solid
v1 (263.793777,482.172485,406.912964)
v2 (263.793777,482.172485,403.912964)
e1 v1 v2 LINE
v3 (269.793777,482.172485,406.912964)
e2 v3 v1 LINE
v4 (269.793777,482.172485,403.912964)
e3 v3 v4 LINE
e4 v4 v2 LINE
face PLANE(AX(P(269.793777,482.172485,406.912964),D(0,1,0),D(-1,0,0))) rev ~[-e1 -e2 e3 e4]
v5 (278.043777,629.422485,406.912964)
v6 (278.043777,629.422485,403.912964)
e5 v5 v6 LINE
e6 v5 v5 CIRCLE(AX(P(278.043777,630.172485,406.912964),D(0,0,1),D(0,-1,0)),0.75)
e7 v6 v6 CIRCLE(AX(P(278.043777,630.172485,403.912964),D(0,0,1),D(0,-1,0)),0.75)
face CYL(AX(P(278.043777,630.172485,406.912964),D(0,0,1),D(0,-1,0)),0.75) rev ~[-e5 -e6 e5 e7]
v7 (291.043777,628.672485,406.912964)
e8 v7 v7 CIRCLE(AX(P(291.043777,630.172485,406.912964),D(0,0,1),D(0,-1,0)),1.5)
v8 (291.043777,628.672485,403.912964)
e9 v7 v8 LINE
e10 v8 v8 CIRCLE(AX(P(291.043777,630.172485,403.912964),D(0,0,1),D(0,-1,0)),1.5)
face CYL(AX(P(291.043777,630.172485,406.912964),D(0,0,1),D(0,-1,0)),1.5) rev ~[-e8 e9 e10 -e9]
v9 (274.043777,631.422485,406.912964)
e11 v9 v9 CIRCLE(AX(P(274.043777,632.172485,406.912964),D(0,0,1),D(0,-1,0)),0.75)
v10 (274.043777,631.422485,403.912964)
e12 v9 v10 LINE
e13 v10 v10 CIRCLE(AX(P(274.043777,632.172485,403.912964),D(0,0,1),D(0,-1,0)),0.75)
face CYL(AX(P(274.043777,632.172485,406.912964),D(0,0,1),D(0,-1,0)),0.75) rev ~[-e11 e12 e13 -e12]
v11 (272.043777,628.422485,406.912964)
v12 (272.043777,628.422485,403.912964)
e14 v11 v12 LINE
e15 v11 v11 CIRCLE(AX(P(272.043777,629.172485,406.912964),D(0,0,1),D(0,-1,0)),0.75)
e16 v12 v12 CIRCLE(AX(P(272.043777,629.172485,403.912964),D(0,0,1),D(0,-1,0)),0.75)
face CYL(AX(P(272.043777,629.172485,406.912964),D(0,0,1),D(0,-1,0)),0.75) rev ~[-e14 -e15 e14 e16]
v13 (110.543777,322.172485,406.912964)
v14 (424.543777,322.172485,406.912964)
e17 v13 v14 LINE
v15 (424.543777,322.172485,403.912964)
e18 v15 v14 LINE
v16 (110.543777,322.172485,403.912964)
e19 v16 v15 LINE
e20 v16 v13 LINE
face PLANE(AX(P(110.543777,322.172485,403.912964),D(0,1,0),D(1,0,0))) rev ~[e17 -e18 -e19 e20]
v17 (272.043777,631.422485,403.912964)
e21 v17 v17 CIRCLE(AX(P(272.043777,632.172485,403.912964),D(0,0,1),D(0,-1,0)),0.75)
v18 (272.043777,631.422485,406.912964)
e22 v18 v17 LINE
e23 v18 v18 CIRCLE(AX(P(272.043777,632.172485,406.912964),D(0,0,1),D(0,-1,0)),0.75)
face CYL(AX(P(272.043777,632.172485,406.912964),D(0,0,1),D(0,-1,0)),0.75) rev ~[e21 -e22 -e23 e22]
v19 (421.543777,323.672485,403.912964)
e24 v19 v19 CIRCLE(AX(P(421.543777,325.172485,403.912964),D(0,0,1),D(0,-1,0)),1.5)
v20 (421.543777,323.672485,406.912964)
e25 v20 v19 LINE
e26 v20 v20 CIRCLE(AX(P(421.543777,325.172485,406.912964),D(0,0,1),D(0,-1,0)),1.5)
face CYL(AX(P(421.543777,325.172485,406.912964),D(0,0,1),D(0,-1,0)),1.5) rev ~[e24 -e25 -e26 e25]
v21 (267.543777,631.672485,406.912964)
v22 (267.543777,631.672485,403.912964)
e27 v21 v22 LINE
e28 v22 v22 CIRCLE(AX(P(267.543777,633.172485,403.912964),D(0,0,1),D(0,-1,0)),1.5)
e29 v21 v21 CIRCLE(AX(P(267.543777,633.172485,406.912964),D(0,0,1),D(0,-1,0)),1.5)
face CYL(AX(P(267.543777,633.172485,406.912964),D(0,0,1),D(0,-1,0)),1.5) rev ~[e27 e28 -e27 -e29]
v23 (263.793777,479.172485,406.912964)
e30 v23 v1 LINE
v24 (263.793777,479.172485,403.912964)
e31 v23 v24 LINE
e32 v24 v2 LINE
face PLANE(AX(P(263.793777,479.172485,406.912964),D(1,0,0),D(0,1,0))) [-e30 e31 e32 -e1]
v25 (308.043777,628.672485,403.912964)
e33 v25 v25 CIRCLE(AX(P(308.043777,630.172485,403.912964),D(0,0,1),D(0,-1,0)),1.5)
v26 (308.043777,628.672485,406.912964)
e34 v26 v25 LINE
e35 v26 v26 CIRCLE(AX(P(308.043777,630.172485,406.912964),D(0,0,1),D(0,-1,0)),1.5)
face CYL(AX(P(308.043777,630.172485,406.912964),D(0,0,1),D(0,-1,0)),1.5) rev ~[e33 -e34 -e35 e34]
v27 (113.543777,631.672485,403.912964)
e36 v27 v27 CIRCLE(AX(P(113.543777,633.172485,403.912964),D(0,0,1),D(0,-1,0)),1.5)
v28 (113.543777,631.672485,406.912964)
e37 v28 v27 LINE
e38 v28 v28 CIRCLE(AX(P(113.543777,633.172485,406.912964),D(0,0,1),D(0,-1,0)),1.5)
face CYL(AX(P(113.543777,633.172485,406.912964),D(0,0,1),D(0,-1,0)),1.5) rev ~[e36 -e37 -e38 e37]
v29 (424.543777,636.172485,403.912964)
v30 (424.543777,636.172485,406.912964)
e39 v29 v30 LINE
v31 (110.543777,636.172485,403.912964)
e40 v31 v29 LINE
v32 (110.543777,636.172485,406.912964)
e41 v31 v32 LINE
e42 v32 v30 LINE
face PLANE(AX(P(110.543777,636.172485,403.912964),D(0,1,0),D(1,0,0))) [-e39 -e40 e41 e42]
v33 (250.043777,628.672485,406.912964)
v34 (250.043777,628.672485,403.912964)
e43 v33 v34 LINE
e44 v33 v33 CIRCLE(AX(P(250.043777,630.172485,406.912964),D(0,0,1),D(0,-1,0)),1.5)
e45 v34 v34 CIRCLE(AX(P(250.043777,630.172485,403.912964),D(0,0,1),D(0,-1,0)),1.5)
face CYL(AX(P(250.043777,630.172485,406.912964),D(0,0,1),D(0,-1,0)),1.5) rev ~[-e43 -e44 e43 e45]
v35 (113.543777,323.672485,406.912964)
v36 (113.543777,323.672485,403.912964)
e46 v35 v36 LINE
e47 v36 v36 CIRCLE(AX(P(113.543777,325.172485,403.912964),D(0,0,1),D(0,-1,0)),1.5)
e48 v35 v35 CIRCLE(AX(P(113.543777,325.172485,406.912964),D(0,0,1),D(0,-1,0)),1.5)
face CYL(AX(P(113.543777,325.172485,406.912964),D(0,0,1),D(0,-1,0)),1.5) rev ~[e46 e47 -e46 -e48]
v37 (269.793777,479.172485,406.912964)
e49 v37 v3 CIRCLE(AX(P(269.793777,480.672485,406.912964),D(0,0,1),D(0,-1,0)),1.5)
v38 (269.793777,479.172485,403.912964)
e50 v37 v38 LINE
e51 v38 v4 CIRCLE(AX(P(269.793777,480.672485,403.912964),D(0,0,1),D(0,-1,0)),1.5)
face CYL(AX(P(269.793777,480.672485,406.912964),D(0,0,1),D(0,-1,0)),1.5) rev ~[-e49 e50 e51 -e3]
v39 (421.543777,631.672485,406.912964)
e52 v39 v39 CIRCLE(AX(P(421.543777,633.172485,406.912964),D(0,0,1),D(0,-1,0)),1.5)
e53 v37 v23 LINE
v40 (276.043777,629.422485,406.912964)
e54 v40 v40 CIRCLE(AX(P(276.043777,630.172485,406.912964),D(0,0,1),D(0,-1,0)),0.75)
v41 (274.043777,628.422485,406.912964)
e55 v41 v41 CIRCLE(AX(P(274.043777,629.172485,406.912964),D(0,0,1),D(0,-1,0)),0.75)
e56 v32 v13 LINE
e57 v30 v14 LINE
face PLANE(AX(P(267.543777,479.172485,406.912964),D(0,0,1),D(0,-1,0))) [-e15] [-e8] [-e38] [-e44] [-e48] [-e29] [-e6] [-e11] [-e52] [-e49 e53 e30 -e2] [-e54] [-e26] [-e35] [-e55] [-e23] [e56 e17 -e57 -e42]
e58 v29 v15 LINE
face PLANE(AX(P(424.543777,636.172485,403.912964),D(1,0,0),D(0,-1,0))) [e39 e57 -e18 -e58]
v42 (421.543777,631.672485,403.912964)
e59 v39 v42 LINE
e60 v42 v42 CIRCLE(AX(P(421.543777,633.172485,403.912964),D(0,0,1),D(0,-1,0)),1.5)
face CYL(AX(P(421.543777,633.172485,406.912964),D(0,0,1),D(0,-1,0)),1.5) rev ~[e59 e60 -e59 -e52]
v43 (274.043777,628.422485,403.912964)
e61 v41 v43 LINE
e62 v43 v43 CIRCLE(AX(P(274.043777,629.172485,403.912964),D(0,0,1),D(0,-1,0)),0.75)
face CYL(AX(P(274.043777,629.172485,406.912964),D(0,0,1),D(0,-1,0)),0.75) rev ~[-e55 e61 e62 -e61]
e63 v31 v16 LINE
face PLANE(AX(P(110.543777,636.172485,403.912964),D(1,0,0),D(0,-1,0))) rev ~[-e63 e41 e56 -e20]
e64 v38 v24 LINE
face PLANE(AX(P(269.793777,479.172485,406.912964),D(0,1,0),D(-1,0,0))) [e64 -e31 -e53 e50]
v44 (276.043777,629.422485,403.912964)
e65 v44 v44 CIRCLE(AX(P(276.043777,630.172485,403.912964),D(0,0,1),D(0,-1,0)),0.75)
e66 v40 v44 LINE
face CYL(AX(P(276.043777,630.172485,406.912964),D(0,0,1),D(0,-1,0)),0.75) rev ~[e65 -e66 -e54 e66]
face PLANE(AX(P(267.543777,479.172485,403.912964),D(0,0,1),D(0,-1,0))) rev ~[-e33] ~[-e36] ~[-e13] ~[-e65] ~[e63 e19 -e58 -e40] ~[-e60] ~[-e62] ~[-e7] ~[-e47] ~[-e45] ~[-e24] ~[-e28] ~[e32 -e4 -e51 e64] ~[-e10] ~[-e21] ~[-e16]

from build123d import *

# Parameters (mm, degrees)
SKETCH001_W       = 314
SKETCH001_H       = 314
PAD_DEPTH         = 3
SKETCH_W          = 4
SKETCH_H          = 15
SKETCH_W_2        = 2
SKETCH_H_2        = 4
PAD001_DEPTH      = 0.3
SKETCH002_R       = 1.5
SKETCH002_R_2     = 0.75
POCKET_DEPTH      = 3.001
POCKET_DEPTH_BACK = -0.001


with BuildPart() as part:
    # Sketch001 → Pad (new body)
    with BuildSketch(Plane(origin=(110.543777, 322.172485, 403.912964), x_dir=(0, -1, 0), z_dir=(0, 0, 1))):
        with Locations((-157, 157)):
            Rectangle(SKETCH001_W, SKETCH001_H)
    extrude(amount=PAD_DEPTH)

    # Sketch → Pad001 (new body)
    with BuildSketch(Plane(origin=(110.543777, 322.172485, 406.912964), x_dir=(0, -1, 0), z_dir=(0, 0, 1))):
        with Locations((-308, 140)):
            Rectangle(SKETCH_W, SKETCH_H)
        with Locations((-308, 180)):
            Rectangle(SKETCH_W, SKETCH_H)
        with Locations((-308, 198)):
            Rectangle(SKETCH_W, SKETCH_H)
        with Locations((-310, 162.5)):
            Rectangle(SKETCH_W_2, SKETCH_H_2)
        with Locations((-307, 162.5)):
            Rectangle(SKETCH_W_2, SKETCH_H_2)
        with Locations((-308, 166.51)):
            Rectangle(SKETCH_W_2, SKETCH_H_2)
    extrude(amount=-PAD001_DEPTH)

    # Sketch002 → Pocket (cut, two sides)
    with BuildSketch(Plane(origin=(110.543777, 322.172485, 406.912964), x_dir=(0, -1, 0), z_dir=(0, 0, 1))) as pocket_sk:
        with Locations((-308, 139.5)):
            Circle(SKETCH002_R)
        with Locations((-311, 157)):
            Circle(SKETCH002_R)
        with Locations((-310, 161.5)):
            Circle(SKETCH002_R_2)
        with Locations((-310, 163.5)):
            Circle(SKETCH002_R_2)
        with Locations((-307, 161.5)):
            Circle(SKETCH002_R_2)
        with Locations((-307, 163.5)):
            Circle(SKETCH002_R_2)
        with Locations((-308, 167.5)):
            Circle(SKETCH002_R_2)
        with Locations((-308, 165.5)):
            Circle(SKETCH002_R_2)
        with Locations((-308, 180.5)):
            Circle(SKETCH002_R)
        with Locations((-308, 197.5)):
            Circle(SKETCH002_R)
        with Locations((-311, 311)):
            Circle(SKETCH002_R)
        with Locations((-311, 3)):
            Circle(SKETCH002_R)
        with Locations((-3, 3)):
            Circle(SKETCH002_R)
        with Locations((-3, 311)):
            Circle(SKETCH002_R)
        with BuildLine():
            Line((-157, 159.25), (-157, 153.25))
            Line((-157, 153.25), (-160, 153.25))
            Line((-160, 159.25), (-160, 153.25))
            ThreePointArc((-157, 159.25), (-158.5, 160.75), (-160, 159.25))
        make_face()
    extrude(amount=-POCKET_DEPTH, mode=Mode.SUBTRACT)
    extrude(pocket_sk.sketch, amount=-POCKET_DEPTH_BACK, mode=Mode.SUBTRACT)


solid = part.part
